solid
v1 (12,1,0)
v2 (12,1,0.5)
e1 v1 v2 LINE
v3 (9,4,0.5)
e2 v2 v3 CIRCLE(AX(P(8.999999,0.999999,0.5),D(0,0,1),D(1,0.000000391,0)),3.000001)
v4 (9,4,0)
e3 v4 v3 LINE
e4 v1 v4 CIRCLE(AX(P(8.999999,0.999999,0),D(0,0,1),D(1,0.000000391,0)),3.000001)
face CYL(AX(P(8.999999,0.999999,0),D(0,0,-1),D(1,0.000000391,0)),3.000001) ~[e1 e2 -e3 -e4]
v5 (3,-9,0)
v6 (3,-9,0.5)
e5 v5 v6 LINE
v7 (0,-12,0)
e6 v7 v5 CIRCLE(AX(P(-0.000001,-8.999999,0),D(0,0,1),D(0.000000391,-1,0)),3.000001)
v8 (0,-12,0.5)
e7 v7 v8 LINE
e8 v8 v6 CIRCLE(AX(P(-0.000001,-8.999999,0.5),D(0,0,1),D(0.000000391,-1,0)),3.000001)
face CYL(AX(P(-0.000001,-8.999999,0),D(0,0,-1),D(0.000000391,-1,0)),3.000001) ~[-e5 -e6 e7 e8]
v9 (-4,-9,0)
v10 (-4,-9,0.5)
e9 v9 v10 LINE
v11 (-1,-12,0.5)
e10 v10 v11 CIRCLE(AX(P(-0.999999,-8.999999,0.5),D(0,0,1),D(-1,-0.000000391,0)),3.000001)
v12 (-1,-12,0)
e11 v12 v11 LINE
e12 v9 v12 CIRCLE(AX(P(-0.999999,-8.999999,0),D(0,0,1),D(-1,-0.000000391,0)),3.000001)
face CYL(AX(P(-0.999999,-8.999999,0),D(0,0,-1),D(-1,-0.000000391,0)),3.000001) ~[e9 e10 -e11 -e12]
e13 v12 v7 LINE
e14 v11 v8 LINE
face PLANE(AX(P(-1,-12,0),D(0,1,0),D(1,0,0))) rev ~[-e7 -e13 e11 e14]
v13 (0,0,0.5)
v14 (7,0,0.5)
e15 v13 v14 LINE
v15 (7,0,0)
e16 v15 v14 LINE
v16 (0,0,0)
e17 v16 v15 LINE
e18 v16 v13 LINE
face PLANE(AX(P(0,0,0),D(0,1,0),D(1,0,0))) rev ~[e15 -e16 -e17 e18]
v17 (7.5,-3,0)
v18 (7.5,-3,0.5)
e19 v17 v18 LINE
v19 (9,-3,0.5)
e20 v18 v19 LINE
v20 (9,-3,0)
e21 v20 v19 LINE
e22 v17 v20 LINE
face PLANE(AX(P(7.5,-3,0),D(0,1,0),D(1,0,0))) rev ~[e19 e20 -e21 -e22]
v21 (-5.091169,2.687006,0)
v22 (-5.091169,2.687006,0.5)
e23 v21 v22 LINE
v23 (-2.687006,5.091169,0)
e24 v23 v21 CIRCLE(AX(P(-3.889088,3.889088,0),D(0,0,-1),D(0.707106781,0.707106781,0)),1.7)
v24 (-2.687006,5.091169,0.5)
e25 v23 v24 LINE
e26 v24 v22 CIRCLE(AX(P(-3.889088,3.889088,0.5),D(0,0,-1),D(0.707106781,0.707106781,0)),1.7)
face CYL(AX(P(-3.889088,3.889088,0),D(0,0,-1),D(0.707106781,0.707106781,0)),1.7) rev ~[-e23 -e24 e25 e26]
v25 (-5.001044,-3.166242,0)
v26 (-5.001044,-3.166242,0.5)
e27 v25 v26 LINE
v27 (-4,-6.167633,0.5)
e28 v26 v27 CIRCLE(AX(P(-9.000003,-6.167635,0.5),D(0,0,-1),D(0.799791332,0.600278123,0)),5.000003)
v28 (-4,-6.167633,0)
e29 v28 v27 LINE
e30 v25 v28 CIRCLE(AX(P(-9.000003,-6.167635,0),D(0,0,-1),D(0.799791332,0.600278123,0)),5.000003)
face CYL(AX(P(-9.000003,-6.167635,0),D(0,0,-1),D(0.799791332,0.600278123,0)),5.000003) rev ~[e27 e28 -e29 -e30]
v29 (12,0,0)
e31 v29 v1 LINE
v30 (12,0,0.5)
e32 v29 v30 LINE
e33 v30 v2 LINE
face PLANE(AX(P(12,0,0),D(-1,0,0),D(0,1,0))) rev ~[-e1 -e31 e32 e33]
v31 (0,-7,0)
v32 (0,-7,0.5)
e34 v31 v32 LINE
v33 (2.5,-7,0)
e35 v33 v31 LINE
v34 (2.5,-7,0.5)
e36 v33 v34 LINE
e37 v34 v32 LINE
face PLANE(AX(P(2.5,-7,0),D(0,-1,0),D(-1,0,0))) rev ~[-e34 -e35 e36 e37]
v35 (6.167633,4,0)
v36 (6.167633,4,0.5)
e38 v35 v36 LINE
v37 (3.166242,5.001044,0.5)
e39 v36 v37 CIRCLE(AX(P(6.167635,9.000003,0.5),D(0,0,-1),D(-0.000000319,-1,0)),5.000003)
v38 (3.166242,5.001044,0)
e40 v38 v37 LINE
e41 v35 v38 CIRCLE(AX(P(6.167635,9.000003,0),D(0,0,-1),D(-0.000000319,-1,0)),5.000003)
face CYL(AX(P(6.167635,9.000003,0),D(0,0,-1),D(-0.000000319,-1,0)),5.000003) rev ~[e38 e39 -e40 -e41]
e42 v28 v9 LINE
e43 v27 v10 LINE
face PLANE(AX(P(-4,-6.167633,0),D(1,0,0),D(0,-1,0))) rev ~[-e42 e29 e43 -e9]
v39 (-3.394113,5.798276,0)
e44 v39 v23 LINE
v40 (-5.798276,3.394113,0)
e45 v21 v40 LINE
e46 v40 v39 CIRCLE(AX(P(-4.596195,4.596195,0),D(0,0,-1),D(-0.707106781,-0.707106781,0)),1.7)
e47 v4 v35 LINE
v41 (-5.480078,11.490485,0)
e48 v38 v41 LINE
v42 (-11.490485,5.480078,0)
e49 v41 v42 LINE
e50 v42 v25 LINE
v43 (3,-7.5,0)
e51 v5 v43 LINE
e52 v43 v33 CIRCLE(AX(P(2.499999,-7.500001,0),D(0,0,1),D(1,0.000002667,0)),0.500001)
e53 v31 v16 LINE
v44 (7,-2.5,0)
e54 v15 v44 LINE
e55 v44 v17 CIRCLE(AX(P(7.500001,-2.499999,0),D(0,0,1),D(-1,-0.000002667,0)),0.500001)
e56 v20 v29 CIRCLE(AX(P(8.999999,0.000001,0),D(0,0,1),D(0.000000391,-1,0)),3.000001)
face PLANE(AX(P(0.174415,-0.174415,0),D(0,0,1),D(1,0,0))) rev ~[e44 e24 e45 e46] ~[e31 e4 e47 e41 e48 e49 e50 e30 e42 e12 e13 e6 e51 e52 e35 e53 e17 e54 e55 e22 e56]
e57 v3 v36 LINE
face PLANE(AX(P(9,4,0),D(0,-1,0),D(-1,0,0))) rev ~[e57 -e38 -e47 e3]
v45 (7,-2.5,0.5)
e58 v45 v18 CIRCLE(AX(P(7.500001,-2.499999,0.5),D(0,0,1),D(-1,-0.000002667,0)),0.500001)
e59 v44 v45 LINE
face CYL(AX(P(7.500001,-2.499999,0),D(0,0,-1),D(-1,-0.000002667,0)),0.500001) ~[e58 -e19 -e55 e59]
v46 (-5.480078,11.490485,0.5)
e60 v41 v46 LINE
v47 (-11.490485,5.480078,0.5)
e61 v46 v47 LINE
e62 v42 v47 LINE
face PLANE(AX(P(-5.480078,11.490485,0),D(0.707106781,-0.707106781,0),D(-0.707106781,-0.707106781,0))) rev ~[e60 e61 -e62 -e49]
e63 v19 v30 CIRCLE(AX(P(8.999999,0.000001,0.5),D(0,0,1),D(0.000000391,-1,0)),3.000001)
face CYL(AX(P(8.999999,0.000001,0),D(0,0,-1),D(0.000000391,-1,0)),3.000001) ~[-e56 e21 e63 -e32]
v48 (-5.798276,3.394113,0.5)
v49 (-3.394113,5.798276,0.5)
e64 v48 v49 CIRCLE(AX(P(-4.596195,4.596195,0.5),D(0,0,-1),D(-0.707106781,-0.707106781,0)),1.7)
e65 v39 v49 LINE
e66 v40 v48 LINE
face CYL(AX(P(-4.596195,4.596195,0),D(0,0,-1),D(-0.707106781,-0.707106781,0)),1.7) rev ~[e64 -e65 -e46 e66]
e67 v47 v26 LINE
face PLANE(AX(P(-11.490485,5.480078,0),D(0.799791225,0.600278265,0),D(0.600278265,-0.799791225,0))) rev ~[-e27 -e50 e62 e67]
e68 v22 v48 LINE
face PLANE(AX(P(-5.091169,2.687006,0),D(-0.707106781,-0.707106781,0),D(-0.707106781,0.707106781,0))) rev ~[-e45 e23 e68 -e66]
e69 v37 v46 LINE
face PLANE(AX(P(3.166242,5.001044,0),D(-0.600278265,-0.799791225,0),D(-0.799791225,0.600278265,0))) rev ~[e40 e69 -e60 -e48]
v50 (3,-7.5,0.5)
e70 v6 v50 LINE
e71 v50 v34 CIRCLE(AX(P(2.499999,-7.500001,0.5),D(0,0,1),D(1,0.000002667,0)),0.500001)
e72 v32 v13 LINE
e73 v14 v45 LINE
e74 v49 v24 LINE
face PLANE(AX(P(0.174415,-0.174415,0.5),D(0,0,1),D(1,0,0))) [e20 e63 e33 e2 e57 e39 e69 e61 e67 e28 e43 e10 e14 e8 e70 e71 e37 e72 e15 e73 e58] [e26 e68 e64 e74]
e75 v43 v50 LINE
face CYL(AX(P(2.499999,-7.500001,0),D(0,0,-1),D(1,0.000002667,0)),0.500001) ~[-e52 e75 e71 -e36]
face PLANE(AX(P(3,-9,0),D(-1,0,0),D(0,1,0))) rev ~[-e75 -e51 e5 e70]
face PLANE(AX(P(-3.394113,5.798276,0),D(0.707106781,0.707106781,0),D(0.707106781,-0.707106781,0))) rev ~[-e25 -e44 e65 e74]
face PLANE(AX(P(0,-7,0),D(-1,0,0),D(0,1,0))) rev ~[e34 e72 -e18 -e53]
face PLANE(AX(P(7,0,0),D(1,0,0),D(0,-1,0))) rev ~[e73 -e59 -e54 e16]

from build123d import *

# Parameters (mm, degrees)
F1_DEPTH = 0.5


with BuildPart() as f1:
    # F0 (on Top) → F1 (new body)
    with BuildSketch(Plane.XY):
        with BuildLine():
            Line((3.166242, 5.001044), (-5.480078, 11.490485))
            Line((-5.480078, 11.490485), (-11.490485, 5.480078))
            Line((-11.490485, 5.480078), (-5.001044, -3.166242))
            ThreePointArc((-5.001044, -3.166242), (-4.256859, -4.585669), (-4, -6.167633))
            Line((-4, -6.167633), (-4, -9))
            ThreePointArc((-4, -9), (-3.12132, -11.12132), (-1, -12))
            Line((-1, -12), (0, -12))
            ThreePointArc((0, -12), (2.12132, -11.12132), (3, -9))
            Line((3, -9), (3, -7.5))
            ThreePointArc((3, -7.5), (2.853553, -7.146447), (2.5, -7))
            Line((2.5, -7), (0, -7))
            Line((0, -7), (0, 0))
            Line((0, 0), (7, 0))
            Line((7, 0), (7, -2.5))
            ThreePointArc((7, -2.5), (7.146447, -2.853553), (7.5, -3))
            Line((7.5, -3), (9, -3))
            ThreePointArc((9, -3), (11.12132, -2.12132), (12, 0))
            Line((12, 0), (12, 1))
            ThreePointArc((12, 1), (11.12132, 3.12132), (9, 4))
            Line((9, 4), (6.167633, 4))
            ThreePointArc((6.167633, 4), (4.585669, 4.256859), (3.166242, 5.001044))
        make_face()
        with BuildLine():
            ThreePointArc((-2.687006, 5.091169), (-2.687006, 2.687006), (-5.091169, 2.687006))
            Line((-5.091169, 2.687006), (-5.798276, 3.394113))
            ThreePointArc((-5.798276, 3.394113), (-5.798276, 5.798276), (-3.394113, 5.798276))
            Line((-3.394113, 5.798276), (-2.687006, 5.091169))
        make_face(mode=Mode.SUBTRACT)
    extrude(amount=F1_DEPTH)


solid = f1.part
